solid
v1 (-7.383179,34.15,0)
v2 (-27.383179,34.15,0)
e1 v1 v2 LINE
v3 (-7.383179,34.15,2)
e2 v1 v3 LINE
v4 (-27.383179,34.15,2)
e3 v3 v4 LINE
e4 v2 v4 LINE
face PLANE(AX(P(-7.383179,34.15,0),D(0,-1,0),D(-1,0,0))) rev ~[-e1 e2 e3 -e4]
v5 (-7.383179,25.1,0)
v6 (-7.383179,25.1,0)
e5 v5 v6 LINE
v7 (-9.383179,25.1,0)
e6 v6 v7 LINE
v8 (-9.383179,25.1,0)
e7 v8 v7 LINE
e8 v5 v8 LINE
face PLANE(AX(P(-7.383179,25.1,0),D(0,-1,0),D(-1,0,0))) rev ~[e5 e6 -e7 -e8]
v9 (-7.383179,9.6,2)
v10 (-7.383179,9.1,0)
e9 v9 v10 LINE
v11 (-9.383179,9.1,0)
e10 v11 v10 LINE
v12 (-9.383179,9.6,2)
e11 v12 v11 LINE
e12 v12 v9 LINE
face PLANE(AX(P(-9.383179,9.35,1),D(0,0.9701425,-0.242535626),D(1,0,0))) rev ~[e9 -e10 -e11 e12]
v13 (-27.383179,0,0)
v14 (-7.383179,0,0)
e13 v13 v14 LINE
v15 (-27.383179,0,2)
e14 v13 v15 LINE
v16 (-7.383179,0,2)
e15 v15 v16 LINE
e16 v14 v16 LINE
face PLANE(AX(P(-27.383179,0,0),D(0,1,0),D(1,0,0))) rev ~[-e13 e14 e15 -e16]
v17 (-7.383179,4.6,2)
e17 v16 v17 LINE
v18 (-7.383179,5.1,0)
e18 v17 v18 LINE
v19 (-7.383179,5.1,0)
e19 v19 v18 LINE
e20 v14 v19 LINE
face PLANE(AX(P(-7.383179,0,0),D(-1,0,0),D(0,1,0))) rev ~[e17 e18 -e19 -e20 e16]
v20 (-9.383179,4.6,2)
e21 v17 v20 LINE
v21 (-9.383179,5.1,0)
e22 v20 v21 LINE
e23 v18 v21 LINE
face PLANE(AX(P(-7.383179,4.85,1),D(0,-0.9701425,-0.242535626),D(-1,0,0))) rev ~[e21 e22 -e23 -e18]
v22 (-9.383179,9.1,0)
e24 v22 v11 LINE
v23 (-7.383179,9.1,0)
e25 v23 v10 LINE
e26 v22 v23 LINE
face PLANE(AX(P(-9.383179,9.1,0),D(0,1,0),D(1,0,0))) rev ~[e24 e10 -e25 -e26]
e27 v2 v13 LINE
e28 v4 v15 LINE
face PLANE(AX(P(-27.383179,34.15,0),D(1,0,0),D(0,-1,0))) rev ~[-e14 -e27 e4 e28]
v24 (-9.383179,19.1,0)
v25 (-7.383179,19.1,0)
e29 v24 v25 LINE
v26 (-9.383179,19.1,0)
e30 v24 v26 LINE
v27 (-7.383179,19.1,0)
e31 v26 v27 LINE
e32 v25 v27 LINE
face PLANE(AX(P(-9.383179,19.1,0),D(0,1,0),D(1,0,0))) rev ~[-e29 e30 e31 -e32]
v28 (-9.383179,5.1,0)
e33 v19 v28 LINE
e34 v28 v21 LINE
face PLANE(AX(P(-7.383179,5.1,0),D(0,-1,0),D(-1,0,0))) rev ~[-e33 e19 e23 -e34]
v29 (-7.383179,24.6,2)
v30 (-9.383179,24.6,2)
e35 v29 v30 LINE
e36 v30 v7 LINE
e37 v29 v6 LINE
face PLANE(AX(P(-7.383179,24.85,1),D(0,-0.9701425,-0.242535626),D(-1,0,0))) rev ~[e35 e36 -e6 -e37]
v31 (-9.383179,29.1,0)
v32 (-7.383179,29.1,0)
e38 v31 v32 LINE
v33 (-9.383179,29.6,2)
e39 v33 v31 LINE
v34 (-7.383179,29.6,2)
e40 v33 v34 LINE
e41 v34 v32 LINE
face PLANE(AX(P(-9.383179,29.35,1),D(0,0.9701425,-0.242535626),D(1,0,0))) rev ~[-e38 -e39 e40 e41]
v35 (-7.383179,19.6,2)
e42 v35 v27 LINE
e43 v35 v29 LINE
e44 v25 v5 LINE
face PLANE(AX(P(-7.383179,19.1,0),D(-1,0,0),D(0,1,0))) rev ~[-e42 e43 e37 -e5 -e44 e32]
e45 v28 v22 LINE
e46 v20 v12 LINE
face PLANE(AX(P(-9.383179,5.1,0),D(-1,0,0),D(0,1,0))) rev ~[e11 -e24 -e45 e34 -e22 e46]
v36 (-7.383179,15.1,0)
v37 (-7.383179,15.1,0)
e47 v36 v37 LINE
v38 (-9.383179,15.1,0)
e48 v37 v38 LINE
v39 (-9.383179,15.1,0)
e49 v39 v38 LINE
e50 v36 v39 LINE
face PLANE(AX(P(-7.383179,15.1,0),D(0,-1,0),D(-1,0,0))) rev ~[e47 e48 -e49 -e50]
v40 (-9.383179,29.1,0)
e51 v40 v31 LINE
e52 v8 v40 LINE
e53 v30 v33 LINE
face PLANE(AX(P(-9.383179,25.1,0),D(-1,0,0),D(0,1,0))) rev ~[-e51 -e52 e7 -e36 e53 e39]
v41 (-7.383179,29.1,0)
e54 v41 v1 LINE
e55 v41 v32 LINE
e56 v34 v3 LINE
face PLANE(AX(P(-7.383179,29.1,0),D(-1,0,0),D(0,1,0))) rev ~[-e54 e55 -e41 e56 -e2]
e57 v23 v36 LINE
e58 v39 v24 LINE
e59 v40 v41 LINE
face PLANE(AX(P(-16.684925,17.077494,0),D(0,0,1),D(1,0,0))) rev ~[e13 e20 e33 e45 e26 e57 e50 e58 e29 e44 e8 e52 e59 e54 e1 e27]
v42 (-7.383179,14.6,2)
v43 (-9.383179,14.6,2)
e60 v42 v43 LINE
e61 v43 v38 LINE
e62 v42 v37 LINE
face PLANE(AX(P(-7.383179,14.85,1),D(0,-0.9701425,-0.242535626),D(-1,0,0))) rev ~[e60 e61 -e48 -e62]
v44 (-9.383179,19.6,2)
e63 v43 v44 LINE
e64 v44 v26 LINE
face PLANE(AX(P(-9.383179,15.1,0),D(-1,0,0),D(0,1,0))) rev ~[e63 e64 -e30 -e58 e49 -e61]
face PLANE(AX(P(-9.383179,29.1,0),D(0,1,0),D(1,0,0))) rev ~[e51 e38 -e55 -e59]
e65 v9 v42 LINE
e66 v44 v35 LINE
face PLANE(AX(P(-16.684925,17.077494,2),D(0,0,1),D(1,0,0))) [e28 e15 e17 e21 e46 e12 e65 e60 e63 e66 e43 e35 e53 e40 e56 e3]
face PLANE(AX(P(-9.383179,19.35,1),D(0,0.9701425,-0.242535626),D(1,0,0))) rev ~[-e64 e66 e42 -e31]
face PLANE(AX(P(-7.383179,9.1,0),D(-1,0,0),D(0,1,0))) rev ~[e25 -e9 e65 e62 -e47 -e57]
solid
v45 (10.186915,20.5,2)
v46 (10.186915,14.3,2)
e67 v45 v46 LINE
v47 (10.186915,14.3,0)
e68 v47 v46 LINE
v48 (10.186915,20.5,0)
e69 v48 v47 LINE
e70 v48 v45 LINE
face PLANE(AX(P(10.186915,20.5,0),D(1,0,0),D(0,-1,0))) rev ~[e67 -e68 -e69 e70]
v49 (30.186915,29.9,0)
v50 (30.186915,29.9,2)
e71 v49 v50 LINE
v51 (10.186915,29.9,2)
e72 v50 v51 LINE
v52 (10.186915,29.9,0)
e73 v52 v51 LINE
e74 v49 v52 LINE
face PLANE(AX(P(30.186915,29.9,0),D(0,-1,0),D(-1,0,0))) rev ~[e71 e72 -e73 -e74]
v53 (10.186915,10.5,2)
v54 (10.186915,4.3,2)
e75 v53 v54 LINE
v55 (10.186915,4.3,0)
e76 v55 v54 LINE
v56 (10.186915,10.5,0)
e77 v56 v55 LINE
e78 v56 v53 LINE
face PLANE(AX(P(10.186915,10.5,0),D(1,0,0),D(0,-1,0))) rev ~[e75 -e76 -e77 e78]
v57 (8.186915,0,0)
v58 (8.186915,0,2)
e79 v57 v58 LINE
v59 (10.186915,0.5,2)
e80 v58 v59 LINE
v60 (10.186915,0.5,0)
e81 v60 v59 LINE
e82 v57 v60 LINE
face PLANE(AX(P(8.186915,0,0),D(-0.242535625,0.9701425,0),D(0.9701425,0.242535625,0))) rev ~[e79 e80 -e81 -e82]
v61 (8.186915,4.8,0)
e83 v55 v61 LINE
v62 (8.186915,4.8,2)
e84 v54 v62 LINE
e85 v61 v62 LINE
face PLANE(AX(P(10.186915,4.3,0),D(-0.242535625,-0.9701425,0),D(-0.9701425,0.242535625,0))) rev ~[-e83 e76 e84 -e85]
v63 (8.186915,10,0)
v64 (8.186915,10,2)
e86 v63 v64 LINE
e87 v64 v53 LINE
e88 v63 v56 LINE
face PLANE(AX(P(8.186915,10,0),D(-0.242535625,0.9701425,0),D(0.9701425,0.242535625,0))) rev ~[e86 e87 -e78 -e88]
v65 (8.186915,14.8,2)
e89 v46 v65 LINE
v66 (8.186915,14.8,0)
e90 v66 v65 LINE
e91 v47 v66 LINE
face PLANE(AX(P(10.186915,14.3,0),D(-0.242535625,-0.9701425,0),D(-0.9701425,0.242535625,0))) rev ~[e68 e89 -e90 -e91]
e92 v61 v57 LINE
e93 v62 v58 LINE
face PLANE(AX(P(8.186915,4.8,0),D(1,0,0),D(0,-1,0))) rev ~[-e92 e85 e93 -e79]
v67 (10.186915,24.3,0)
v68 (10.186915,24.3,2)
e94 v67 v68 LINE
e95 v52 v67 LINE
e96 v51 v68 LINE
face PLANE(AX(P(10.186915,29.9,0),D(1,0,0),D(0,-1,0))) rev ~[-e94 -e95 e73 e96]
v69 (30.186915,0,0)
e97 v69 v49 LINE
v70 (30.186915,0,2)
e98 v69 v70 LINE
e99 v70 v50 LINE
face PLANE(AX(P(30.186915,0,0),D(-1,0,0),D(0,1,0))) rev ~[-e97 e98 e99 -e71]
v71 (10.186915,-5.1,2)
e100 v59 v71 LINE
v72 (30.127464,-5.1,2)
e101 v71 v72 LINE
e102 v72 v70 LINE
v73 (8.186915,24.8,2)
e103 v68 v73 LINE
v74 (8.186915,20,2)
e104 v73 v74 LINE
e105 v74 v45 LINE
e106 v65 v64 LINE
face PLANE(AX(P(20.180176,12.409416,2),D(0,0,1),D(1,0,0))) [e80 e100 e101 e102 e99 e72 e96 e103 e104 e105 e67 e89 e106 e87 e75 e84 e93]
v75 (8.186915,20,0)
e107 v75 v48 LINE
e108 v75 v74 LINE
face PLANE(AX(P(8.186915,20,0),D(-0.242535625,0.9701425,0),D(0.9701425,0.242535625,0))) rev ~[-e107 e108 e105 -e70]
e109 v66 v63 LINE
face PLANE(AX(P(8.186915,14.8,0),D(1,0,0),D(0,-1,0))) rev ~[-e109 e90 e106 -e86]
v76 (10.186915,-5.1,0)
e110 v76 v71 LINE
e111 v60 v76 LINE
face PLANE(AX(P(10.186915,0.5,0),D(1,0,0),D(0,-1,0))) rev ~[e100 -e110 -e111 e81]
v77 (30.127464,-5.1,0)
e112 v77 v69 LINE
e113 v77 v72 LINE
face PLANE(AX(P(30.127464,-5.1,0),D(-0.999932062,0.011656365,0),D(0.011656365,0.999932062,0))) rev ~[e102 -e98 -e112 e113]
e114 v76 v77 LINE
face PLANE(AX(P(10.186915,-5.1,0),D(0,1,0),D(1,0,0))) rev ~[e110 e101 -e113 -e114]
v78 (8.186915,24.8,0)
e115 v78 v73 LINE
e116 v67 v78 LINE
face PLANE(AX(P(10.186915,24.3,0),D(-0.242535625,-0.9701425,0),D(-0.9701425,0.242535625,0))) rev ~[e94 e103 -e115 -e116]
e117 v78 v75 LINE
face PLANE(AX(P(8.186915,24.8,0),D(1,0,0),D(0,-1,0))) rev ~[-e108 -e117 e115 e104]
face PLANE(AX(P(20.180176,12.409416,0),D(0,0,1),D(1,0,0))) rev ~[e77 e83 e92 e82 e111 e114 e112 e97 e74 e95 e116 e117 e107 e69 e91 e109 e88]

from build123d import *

# Parameters (mm, degrees)
F1_DEPTH = 2
F2_SIZE2 = 1.9999999952
F2_SIZE  = 0.5


with BuildPart() as f1:
    # F0 (on Top) → F1 (new body)
    with BuildSketch(Plane.XY):
        Polygon((-7.3831789805, 34.15), (-27.3831789805, 34.15), (-27.3831789805, 0), (-7.3831789805, 0), (-7.3831789805, 5.1), (-9.3831789805, 5.1), (-9.3831789805, 9.1), (-7.3831789805, 9.1), (-7.3831789805, 15.1), (-9.3831789805, 15.1), (-9.3831789805, 19.1), (-7.3831789805, 19.1), (-7.3831789805, 25.1), (-9.3831789805, 25.1), (-9.3831789805, 29.1), (-7.3831789805, 29.1), align=None)
    extrude(amount=F1_DEPTH)

    # F2
    f2_edges = [f1.edges().sort_by_distance(p)[0] for p in [
        (-8.383179, 29.1, 2),
        (-8.383179, 25.1, 2),
        (-8.383179, 19.1, 2),
        (-8.383179, 15.1, 2),
        (-8.383179, 9.1, 2),
        (-8.383179, 5.1, 2),
    ]]
    f2_side = f1.faces().sort_by_distance((-17.710948, 17.07409, 2))[0]
    chamfer(f2_edges, length=F2_SIZE, length2=F2_SIZE2, reference=f2_side)


with BuildPart() as f1b:
    # F0 (on Top) → F1, piece 2 (new body)
    with BuildSketch(Plane.XY):
        Polygon((30.1869153638, 29.9), (10.1869153638, 29.9), (10.1869153638, 24.8), (10.1869153638, 24.3), (10.1869153638, 20.5), (10.1869153638, 20), (10.1869153638, 14.8), (10.1869153638, 14.3), (10.1869153638, 10.5), (10.1869153638, 10), (10.1869153638, 4.8), (10.1869153638, 4.3), (10.1869153638, 0.5), (10.1869153638, 0), (10.1869153638, -5.1), (30.1274638623, -5.1), (30.1869153638, 0), align=None)
        Polygon((10.1869153638, 20.5), (10.1869153638, 24.3), (8.1869153638, 24.8), (8.1869153638, 20), align=None)
        Polygon((8.1869153638, 0), (10.1869153638, 0.5), (10.1869153638, 4.3), (8.1869153638, 4.8), align=None)
        Polygon((10.1869153638, 10.5), (10.1869153638, 14.3), (8.1869153638, 14.8), (8.1869153638, 10), align=None)
    extrude(amount=F1_DEPTH)


solid = Compound([f1.part, f1b.part])
